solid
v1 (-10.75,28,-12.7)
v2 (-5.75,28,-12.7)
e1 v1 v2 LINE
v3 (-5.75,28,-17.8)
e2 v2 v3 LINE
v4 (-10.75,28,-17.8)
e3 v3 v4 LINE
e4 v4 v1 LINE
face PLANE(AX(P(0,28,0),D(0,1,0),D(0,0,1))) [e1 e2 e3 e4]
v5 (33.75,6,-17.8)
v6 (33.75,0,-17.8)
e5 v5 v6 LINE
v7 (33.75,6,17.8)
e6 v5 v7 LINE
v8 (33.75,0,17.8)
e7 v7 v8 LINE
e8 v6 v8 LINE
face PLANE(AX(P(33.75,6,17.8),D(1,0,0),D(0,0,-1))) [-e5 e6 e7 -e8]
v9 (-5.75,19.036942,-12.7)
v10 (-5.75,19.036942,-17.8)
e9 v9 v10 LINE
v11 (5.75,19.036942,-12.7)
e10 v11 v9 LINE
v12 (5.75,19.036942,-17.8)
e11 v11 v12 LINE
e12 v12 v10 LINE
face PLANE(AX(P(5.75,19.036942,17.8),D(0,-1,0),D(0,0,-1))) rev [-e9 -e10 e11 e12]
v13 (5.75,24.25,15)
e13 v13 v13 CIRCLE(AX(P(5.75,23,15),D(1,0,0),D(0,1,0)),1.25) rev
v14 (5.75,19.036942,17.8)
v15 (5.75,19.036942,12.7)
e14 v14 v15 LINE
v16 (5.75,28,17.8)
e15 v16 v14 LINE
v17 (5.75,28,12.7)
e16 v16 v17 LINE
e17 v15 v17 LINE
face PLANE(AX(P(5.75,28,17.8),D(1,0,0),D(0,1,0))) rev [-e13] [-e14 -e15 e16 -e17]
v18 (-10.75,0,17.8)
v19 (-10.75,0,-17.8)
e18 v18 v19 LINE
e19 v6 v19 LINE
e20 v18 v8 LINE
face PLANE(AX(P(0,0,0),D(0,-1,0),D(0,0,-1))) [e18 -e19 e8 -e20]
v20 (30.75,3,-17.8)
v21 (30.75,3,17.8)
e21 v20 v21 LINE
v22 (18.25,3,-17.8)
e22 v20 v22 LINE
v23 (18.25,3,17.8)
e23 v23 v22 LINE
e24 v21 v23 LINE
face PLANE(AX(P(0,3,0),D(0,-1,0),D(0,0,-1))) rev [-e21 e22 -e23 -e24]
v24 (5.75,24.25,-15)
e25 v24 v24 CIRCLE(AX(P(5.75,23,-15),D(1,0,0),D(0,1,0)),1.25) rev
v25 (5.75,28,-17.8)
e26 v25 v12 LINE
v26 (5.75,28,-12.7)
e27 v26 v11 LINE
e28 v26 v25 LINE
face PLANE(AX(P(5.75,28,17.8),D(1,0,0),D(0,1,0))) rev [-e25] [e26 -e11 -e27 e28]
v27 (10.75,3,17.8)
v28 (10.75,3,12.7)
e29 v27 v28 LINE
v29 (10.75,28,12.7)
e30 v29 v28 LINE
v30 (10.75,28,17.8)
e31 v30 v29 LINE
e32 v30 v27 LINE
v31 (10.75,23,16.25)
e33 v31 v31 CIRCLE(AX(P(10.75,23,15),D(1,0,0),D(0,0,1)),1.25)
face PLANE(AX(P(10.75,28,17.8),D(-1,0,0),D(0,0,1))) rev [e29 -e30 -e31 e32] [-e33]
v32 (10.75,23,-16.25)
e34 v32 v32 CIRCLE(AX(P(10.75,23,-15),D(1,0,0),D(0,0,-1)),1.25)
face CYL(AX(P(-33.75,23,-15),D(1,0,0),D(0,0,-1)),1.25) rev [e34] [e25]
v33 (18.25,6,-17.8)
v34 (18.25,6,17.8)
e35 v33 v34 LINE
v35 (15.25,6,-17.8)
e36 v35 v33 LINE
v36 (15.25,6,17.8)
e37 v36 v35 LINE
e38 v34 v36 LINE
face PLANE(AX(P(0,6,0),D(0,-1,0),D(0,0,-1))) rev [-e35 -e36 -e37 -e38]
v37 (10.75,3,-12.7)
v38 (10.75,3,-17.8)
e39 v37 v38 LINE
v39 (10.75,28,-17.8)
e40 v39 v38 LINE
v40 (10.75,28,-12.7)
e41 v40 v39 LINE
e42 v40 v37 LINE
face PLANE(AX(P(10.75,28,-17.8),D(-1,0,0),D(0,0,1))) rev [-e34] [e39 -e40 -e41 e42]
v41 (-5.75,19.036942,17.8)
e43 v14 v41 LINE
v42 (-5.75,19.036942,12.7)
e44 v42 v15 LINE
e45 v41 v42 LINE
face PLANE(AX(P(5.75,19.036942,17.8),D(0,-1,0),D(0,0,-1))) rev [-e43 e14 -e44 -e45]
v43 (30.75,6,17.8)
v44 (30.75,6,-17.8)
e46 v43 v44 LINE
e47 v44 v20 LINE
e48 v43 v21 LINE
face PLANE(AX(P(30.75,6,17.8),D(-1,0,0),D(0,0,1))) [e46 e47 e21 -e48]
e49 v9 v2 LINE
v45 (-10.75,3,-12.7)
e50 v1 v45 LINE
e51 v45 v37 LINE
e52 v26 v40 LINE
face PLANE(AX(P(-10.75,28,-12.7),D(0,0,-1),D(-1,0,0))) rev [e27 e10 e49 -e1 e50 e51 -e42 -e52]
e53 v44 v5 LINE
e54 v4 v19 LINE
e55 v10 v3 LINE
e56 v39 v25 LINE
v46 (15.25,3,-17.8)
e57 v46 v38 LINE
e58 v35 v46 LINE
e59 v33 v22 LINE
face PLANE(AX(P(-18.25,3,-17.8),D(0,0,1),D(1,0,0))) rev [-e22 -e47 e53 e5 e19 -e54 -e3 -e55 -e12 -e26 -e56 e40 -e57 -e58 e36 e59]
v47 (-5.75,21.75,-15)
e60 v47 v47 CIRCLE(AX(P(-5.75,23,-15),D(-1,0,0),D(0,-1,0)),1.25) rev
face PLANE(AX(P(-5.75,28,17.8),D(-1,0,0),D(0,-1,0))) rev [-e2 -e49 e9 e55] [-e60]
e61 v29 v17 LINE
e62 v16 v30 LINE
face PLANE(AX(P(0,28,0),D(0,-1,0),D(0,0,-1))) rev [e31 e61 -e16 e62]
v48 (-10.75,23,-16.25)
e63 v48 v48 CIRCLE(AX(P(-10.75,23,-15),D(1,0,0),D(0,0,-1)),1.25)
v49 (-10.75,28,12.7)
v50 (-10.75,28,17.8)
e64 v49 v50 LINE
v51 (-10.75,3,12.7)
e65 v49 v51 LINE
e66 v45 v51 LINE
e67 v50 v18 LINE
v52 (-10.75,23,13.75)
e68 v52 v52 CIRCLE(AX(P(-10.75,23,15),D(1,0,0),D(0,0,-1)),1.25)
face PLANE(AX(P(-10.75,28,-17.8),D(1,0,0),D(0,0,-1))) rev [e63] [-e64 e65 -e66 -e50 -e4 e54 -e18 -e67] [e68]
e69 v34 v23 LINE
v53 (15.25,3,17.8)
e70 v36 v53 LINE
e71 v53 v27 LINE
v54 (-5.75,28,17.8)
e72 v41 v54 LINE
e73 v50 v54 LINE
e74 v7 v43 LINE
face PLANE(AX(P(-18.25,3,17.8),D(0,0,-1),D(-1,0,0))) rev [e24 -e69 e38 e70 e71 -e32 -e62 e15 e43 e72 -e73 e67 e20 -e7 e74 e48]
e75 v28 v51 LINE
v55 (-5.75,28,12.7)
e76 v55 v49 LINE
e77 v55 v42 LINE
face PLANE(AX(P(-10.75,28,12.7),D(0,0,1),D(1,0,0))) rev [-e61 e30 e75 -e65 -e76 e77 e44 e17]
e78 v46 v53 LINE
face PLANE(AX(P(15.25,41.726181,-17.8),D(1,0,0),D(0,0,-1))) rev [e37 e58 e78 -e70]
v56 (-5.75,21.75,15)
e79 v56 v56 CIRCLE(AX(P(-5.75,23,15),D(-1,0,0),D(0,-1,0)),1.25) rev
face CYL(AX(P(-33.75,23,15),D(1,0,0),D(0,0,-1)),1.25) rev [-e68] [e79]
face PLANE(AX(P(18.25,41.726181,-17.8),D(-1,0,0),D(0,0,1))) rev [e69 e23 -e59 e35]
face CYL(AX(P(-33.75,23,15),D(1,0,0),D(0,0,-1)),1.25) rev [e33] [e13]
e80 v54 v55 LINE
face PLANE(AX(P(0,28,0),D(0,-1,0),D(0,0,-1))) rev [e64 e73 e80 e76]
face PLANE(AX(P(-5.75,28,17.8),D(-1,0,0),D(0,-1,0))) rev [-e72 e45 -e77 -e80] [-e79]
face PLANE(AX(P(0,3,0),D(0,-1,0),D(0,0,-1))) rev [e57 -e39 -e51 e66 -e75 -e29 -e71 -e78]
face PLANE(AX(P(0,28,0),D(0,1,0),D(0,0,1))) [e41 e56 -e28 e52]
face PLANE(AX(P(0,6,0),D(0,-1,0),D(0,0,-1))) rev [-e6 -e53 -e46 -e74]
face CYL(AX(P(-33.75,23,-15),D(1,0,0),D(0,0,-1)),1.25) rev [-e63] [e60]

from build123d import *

# Parameters (mm, degrees)
SKETCH1_W           = 36.5
SKETCH1_H           = 35.6
BOSS_EXTRUDE1_DEPTH = 3
SKETCH2_W           = 3
SKETCH2_H           = 5.1
BOSS_EXTRUDE2_DEPTH = 23
SKETCH3_R           = 1.35
CUT_EXTRUDE1_DEPTH  = 37.5
SKETCH4_W           = 35.6
SKETCH4_H           = 3
BOSS_EXTRUDE3_DEPTH = 12.5
SKETCH5_W           = 3
SKETCH5_H           = 35.6
BOSS_EXTRUDE4_DEPTH = 6
SKETCH9_W           = 21.5
SKETCH9_H           = 5.1
BOSS_EXTRUDE6_DEPTH = 25
SKETCH10_R          = 1.25
CUT_EXTRUDE4_DEPTH  = 45.5
SKETCH11_W          = 3
SKETCH11_H          = 23
CUT_EXTRUDE5_DEPTH  = 36.6
SKETCH12_W          = 11.5
SKETCH12_H          = 8.963057692
CUT_EXTRUDE6_DEPTH  = 36.6
SKETCH13_W          = 3
SKETCH13_H          = 35.6
BOSS_EXTRUDE7_DEPTH = 3
SKETCH15_W          = 23
SKETCH15_H          = 35.6
CUT_EXTRUDE9_DEPTH  = 6


with BuildPart() as part:
    # Sketch1 → Boss-Extrude1 (new body)
    with BuildSketch(Plane(origin=(0, 0, 0), x_dir=(1, 0, 0), z_dir=(0, 1, 0))):
        Rectangle(SKETCH1_W, SKETCH1_H)
    extrude(amount=BOSS_EXTRUDE1_DEPTH)

    # Sketch2 → Boss-Extrude2 (add)
    with BuildSketch(Plane(origin=(0, 3, 0), x_dir=(1, 0, 0), z_dir=(0, 1, 0))):
        with Locations((-16.75, 15.25)):
            Rectangle(SKETCH2_W, SKETCH2_H)
        with Locations((-16.75, -15.25)):
            Rectangle(SKETCH2_W, SKETCH2_H)
        with Locations((16.75, 15.25)):
            Rectangle(SKETCH2_W, SKETCH2_H)
        with Locations((16.75, -15.25)):
            Rectangle(SKETCH2_W, SKETCH2_H)
    extrude(amount=BOSS_EXTRUDE2_DEPTH)

    # Sketch3 → Cut-Extrude1 (cut, through all)
    with BuildSketch(Plane(origin=(18.25, 0, 0), x_dir=(0, 0, -1), z_dir=(1, 0, 0))):
        with Locations((-15, 23)):
            Circle(SKETCH3_R)
        with Locations((15, 23)):
            Circle(SKETCH3_R)
    extrude(amount=-CUT_EXTRUDE1_DEPTH, mode=Mode.SUBTRACT)

    # Sketch4 → Boss-Extrude3 (add)
    with BuildSketch(Plane(origin=(18.25, 0, 0), x_dir=(0, 0, -1), z_dir=(1, 0, 0))):
        with Locations((0, 1.5)):
            Rectangle(SKETCH4_W, SKETCH4_H)
    boss_extrude3 = extrude(amount=BOSS_EXTRUDE3_DEPTH)

    # Mirror1: Boss-Extrude3 across plane
    add(boss_extrude3.mirror(Plane(origin=(0, 0, 0), x_dir=(0, 0, 1), z_dir=(1, 0, 0))))

    # Sketch5 → Boss-Extrude4 (add)
    with BuildSketch(Plane.XZ):
        with Locations((32.25, 0)):
            Rectangle(SKETCH5_W, SKETCH5_H)
    boss_extrude4 = extrude(amount=-BOSS_EXTRUDE4_DEPTH)

    # Mirror2: Boss-Extrude4 across plane
    add(boss_extrude4.mirror(Plane(origin=(0, 0, 0), x_dir=(0, 0, 1), z_dir=(1, 0, 0))))

    # Sketch9 → Boss-Extrude6 (add)
    with BuildSketch(Plane(origin=(0, 3, 0), x_dir=(1, 0, 0), z_dir=(0, 1, 0))):
        with Locations((0, 15.25)):
            Rectangle(SKETCH9_W, SKETCH9_H)
        with Locations((0, -15.25)):
            Rectangle(SKETCH9_W, SKETCH9_H)
    extrude(amount=BOSS_EXTRUDE6_DEPTH)

    # Sketch10 → Cut-Extrude4 (cut, through all)
    with BuildSketch(Plane(origin=(10.75, 0, 0), x_dir=(0, 0, -1), z_dir=(1, 0, 0))):
        with Locations((15, 23)):
            Circle(SKETCH10_R)
        with Locations((-15, 23)):
            Circle(SKETCH10_R)
    extrude(amount=-CUT_EXTRUDE4_DEPTH, mode=Mode.SUBTRACT)

    # Sketch11 → Cut-Extrude5 (cut, through all)
    with BuildSketch(Plane(origin=(0, 0, -17.8), x_dir=(-1, 0, 0), z_dir=(0, 0, -1))):
        with Locations((-16.75, 14.5)):
            Rectangle(SKETCH11_W, SKETCH11_H)
        with Locations((16.75, 14.5)):
            Rectangle(SKETCH11_W, SKETCH11_H)
    extrude(amount=-CUT_EXTRUDE5_DEPTH, mode=Mode.SUBTRACT)

    # Sketch12 → Cut-Extrude6 (cut, through all)
    with BuildSketch(Plane(origin=(0, 0, -17.8), x_dir=(-1, 0, 0), z_dir=(0, 0, -1))):
        with Locations((0, 23.518471154)):
            Rectangle(SKETCH12_W, SKETCH12_H)
    extrude(amount=-CUT_EXTRUDE6_DEPTH, mode=Mode.SUBTRACT)

    # Sketch13 → Boss-Extrude7 (add)
    with BuildSketch(Plane(origin=(0, 3, 0), x_dir=(1, 0, 0), z_dir=(0, 1, 0))):
        with Locations((16.75, 0)):
            Rectangle(SKETCH13_W, SKETCH13_H)
    extrude(amount=BOSS_EXTRUDE7_DEPTH)

    # Sketch15 → Cut-Extrude9 (cut)
    with BuildSketch(Plane(origin=(0, 6, 0), x_dir=(1, 0, 0), z_dir=(0, 1, 0))):
        with Locations((-22.25, 0)):
            Rectangle(SKETCH15_W, SKETCH15_H)
    extrude(amount=-CUT_EXTRUDE9_DEPTH, mode=Mode.SUBTRACT)


solid = part.part
